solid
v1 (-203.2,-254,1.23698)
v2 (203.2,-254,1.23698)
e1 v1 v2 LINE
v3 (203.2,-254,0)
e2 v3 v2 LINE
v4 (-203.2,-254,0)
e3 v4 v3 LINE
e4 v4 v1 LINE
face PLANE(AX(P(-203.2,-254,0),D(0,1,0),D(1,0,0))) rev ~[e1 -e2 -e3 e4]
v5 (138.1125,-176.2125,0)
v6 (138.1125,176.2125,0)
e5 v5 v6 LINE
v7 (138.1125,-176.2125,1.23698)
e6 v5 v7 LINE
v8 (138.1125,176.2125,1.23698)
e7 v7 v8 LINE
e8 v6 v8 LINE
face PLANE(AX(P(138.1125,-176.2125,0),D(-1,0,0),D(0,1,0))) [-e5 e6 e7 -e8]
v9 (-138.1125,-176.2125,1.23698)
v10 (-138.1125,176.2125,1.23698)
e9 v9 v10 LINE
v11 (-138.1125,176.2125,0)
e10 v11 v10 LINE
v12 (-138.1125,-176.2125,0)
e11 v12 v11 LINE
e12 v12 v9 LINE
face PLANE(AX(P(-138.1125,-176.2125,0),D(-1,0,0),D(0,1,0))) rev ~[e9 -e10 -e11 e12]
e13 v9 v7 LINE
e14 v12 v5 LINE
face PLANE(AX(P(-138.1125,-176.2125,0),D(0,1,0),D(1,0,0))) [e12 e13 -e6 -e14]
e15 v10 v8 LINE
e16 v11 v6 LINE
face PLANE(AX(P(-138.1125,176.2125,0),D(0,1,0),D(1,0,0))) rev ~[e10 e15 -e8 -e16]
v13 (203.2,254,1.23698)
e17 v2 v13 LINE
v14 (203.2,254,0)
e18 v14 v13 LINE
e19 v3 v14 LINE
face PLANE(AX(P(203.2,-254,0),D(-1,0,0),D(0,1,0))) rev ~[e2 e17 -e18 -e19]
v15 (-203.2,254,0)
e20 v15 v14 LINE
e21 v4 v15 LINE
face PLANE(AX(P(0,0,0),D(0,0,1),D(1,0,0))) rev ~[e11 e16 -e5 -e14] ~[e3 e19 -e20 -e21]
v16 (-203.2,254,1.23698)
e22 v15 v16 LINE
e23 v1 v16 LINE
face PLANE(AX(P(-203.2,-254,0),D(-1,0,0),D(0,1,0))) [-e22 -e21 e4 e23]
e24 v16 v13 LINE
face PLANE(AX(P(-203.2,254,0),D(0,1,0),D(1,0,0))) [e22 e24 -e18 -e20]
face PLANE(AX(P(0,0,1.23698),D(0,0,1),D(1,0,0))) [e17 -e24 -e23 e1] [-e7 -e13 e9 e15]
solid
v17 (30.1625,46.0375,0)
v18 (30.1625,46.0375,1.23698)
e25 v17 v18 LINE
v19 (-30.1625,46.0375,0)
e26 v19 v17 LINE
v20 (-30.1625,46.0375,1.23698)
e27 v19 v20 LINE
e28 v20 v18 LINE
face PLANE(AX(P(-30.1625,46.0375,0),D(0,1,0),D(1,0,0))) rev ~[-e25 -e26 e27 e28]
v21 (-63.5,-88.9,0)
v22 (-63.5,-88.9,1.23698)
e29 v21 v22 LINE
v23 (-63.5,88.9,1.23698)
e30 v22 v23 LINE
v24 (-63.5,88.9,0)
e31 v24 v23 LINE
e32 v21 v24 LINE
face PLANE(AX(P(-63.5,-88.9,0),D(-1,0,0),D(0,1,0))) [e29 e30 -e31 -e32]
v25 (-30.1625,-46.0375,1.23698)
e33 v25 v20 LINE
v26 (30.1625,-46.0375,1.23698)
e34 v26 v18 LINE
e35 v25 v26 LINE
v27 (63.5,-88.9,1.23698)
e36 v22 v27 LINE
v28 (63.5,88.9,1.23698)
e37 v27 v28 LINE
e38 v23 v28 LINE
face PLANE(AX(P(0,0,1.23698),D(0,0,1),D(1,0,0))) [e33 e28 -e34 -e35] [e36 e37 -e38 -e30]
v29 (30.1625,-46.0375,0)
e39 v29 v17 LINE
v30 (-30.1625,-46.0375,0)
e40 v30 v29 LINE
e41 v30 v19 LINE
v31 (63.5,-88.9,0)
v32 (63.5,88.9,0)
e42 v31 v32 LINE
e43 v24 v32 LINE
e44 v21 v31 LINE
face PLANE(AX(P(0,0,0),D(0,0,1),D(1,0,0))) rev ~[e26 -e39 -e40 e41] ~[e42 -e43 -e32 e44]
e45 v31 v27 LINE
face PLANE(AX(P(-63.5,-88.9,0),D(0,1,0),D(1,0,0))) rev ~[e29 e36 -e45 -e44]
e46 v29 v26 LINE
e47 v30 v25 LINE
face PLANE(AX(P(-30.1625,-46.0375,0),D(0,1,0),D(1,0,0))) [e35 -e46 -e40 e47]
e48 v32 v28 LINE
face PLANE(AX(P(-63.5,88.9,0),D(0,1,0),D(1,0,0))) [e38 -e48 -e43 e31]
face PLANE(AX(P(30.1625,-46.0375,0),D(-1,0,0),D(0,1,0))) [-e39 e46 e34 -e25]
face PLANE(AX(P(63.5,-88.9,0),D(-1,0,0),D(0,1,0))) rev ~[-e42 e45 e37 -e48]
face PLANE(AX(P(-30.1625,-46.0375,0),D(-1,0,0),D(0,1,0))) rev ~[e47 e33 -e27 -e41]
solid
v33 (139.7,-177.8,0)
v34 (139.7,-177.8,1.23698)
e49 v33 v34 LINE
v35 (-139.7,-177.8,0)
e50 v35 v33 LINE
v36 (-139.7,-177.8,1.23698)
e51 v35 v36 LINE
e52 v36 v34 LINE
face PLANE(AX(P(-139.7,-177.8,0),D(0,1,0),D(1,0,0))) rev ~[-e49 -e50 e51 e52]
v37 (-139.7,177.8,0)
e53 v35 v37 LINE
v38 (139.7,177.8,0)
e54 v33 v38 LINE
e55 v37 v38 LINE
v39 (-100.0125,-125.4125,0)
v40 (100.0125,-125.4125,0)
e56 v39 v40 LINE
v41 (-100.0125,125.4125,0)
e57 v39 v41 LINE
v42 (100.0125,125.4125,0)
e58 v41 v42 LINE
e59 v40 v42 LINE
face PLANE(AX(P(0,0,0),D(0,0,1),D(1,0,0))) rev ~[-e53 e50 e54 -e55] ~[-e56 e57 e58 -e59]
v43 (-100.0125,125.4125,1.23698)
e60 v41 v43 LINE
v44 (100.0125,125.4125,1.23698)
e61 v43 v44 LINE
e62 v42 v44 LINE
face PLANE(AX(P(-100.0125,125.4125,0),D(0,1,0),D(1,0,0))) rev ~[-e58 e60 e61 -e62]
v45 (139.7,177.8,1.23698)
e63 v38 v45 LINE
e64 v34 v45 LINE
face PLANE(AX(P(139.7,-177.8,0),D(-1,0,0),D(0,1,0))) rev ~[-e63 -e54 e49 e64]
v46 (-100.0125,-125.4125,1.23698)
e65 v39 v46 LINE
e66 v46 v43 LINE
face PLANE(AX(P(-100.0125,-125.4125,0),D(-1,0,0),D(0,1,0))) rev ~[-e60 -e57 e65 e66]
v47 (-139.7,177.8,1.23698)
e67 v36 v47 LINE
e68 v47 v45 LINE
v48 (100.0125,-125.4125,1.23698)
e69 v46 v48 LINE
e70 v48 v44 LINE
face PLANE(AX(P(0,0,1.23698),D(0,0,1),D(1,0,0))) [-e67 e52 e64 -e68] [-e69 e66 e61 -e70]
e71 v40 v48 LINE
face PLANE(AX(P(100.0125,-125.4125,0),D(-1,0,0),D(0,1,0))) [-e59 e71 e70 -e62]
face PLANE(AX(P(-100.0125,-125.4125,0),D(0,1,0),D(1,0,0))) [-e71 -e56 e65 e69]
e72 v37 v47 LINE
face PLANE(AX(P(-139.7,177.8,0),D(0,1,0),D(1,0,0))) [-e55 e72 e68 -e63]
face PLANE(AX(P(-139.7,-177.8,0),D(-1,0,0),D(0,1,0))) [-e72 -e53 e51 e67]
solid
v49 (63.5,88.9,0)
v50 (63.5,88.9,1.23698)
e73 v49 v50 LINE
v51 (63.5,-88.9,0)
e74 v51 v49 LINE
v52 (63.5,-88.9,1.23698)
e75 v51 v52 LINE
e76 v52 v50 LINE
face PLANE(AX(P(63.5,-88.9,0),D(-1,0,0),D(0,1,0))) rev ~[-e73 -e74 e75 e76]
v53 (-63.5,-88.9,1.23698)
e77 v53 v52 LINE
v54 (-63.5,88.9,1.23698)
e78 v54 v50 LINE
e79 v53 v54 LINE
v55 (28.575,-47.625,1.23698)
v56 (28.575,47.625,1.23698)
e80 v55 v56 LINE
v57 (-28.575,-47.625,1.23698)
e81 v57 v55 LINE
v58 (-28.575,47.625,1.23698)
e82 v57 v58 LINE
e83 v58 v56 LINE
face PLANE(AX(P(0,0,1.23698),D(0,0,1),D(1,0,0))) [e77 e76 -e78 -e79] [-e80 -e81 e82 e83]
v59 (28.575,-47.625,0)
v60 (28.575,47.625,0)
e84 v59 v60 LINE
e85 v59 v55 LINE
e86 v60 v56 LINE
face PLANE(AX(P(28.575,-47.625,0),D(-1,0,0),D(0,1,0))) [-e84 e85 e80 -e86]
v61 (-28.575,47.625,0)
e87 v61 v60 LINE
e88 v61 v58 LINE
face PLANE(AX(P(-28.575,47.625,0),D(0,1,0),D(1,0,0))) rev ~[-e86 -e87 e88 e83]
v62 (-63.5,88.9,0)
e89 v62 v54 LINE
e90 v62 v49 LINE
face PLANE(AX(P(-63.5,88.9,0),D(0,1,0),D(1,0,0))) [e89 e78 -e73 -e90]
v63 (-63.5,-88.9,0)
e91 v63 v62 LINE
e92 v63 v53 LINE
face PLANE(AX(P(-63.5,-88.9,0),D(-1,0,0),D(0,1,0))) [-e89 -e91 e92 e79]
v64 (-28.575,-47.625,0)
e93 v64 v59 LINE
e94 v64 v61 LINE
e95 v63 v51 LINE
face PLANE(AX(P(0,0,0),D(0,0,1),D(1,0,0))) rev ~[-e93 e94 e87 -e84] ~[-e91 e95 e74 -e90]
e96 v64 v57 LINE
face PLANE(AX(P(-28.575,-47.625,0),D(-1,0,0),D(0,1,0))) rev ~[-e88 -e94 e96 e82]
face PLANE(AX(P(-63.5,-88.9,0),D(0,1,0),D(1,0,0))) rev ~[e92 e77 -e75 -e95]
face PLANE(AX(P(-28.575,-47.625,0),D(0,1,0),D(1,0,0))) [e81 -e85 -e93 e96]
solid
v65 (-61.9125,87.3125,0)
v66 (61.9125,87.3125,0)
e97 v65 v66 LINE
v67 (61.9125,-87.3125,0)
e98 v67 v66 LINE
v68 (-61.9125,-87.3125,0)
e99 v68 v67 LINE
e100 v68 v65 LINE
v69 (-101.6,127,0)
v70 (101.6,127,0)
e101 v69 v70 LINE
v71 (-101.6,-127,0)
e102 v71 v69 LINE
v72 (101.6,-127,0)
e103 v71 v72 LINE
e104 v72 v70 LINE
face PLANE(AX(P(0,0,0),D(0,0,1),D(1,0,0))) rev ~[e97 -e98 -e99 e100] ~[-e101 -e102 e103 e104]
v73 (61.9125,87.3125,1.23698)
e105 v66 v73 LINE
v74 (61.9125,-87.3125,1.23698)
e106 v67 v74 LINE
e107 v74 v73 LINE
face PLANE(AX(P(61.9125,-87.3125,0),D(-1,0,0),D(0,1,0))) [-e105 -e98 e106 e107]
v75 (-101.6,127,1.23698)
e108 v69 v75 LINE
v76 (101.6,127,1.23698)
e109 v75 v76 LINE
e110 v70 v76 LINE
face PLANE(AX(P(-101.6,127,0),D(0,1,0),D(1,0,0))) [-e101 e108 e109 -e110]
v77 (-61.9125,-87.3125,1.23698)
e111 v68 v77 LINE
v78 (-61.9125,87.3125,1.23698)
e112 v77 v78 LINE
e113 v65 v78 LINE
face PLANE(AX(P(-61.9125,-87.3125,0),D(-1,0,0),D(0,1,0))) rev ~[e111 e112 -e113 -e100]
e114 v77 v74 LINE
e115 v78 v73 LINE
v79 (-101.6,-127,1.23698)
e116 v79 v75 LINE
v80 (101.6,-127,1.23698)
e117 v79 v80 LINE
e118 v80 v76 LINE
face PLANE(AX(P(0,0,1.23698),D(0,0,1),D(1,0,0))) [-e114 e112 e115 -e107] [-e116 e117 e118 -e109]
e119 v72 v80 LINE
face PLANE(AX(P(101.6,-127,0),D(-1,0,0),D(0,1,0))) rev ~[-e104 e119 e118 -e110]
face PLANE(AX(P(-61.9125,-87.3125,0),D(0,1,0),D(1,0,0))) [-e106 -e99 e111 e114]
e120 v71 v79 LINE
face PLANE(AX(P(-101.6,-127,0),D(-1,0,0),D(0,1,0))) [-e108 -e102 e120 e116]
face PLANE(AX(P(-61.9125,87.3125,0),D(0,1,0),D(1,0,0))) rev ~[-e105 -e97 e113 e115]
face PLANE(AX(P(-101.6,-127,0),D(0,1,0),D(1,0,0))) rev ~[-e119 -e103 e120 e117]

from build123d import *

# Parameters (mm, degrees)
F0_W     = 406.4
F0_H     = 508
F0_W_2   = 276.225
F0_H_2   = 352.425
F5_DEPTH = 1.23698
F1_W     = 279.4
F1_H     = 355.6
F1_W_2   = 200.025
F1_H_2   = 250.825
F2_W     = 203.2
F2_H     = 254
F2_W_2   = 123.825
F2_H_2   = 174.625
F4_W     = 127
F4_H     = 177.8
F4_W_2   = 60.325
F4_H_2   = 92.075
F3_W     = 127
F3_H     = 177.8
F3_W_2   = 57.15
F3_H_2   = 95.25


with BuildPart() as f5:
    # F0 (on Top) → F5 (new body)
    with BuildSketch(Plane.XY):
        Rectangle(F0_W, F0_H)
        Rectangle(F0_W_2, F0_H_2, mode=Mode.SUBTRACT)
    extrude(amount=F5_DEPTH)


with BuildPart() as f5b:
    # F1 (on Top) → F5, piece 2 (new body)
    with BuildSketch(Plane.XY):
        Rectangle(F1_W, F1_H)
        Rectangle(F1_W_2, F1_H_2, mode=Mode.SUBTRACT)
    extrude(amount=F5_DEPTH)


with BuildPart() as f5c:
    # F2 (on Top) → F5, piece 3 (new body)
    with BuildSketch(Plane.XY):
        Rectangle(F2_W, F2_H)
        Rectangle(F2_W_2, F2_H_2, mode=Mode.SUBTRACT)
    extrude(amount=F5_DEPTH)


with BuildPart() as f5d:
    # F4 (on Top) → F5, piece 4 (new body)
    with BuildSketch(Plane.XY):
        Rectangle(F4_W, F4_H)
        Rectangle(F4_W_2, F4_H_2, mode=Mode.SUBTRACT)
    extrude(amount=F5_DEPTH)


with BuildPart() as f5e:
    # F3 (on Top) → F5, piece 5 (new body)
    with BuildSketch(Plane.XY):
        Rectangle(F3_W, F3_H)
        Rectangle(F3_W_2, F3_H_2, mode=Mode.SUBTRACT)
    extrude(amount=F5_DEPTH)


solid = Compound([f5.part, f5b.part, f5c.part, f5d.part, f5e.part])
